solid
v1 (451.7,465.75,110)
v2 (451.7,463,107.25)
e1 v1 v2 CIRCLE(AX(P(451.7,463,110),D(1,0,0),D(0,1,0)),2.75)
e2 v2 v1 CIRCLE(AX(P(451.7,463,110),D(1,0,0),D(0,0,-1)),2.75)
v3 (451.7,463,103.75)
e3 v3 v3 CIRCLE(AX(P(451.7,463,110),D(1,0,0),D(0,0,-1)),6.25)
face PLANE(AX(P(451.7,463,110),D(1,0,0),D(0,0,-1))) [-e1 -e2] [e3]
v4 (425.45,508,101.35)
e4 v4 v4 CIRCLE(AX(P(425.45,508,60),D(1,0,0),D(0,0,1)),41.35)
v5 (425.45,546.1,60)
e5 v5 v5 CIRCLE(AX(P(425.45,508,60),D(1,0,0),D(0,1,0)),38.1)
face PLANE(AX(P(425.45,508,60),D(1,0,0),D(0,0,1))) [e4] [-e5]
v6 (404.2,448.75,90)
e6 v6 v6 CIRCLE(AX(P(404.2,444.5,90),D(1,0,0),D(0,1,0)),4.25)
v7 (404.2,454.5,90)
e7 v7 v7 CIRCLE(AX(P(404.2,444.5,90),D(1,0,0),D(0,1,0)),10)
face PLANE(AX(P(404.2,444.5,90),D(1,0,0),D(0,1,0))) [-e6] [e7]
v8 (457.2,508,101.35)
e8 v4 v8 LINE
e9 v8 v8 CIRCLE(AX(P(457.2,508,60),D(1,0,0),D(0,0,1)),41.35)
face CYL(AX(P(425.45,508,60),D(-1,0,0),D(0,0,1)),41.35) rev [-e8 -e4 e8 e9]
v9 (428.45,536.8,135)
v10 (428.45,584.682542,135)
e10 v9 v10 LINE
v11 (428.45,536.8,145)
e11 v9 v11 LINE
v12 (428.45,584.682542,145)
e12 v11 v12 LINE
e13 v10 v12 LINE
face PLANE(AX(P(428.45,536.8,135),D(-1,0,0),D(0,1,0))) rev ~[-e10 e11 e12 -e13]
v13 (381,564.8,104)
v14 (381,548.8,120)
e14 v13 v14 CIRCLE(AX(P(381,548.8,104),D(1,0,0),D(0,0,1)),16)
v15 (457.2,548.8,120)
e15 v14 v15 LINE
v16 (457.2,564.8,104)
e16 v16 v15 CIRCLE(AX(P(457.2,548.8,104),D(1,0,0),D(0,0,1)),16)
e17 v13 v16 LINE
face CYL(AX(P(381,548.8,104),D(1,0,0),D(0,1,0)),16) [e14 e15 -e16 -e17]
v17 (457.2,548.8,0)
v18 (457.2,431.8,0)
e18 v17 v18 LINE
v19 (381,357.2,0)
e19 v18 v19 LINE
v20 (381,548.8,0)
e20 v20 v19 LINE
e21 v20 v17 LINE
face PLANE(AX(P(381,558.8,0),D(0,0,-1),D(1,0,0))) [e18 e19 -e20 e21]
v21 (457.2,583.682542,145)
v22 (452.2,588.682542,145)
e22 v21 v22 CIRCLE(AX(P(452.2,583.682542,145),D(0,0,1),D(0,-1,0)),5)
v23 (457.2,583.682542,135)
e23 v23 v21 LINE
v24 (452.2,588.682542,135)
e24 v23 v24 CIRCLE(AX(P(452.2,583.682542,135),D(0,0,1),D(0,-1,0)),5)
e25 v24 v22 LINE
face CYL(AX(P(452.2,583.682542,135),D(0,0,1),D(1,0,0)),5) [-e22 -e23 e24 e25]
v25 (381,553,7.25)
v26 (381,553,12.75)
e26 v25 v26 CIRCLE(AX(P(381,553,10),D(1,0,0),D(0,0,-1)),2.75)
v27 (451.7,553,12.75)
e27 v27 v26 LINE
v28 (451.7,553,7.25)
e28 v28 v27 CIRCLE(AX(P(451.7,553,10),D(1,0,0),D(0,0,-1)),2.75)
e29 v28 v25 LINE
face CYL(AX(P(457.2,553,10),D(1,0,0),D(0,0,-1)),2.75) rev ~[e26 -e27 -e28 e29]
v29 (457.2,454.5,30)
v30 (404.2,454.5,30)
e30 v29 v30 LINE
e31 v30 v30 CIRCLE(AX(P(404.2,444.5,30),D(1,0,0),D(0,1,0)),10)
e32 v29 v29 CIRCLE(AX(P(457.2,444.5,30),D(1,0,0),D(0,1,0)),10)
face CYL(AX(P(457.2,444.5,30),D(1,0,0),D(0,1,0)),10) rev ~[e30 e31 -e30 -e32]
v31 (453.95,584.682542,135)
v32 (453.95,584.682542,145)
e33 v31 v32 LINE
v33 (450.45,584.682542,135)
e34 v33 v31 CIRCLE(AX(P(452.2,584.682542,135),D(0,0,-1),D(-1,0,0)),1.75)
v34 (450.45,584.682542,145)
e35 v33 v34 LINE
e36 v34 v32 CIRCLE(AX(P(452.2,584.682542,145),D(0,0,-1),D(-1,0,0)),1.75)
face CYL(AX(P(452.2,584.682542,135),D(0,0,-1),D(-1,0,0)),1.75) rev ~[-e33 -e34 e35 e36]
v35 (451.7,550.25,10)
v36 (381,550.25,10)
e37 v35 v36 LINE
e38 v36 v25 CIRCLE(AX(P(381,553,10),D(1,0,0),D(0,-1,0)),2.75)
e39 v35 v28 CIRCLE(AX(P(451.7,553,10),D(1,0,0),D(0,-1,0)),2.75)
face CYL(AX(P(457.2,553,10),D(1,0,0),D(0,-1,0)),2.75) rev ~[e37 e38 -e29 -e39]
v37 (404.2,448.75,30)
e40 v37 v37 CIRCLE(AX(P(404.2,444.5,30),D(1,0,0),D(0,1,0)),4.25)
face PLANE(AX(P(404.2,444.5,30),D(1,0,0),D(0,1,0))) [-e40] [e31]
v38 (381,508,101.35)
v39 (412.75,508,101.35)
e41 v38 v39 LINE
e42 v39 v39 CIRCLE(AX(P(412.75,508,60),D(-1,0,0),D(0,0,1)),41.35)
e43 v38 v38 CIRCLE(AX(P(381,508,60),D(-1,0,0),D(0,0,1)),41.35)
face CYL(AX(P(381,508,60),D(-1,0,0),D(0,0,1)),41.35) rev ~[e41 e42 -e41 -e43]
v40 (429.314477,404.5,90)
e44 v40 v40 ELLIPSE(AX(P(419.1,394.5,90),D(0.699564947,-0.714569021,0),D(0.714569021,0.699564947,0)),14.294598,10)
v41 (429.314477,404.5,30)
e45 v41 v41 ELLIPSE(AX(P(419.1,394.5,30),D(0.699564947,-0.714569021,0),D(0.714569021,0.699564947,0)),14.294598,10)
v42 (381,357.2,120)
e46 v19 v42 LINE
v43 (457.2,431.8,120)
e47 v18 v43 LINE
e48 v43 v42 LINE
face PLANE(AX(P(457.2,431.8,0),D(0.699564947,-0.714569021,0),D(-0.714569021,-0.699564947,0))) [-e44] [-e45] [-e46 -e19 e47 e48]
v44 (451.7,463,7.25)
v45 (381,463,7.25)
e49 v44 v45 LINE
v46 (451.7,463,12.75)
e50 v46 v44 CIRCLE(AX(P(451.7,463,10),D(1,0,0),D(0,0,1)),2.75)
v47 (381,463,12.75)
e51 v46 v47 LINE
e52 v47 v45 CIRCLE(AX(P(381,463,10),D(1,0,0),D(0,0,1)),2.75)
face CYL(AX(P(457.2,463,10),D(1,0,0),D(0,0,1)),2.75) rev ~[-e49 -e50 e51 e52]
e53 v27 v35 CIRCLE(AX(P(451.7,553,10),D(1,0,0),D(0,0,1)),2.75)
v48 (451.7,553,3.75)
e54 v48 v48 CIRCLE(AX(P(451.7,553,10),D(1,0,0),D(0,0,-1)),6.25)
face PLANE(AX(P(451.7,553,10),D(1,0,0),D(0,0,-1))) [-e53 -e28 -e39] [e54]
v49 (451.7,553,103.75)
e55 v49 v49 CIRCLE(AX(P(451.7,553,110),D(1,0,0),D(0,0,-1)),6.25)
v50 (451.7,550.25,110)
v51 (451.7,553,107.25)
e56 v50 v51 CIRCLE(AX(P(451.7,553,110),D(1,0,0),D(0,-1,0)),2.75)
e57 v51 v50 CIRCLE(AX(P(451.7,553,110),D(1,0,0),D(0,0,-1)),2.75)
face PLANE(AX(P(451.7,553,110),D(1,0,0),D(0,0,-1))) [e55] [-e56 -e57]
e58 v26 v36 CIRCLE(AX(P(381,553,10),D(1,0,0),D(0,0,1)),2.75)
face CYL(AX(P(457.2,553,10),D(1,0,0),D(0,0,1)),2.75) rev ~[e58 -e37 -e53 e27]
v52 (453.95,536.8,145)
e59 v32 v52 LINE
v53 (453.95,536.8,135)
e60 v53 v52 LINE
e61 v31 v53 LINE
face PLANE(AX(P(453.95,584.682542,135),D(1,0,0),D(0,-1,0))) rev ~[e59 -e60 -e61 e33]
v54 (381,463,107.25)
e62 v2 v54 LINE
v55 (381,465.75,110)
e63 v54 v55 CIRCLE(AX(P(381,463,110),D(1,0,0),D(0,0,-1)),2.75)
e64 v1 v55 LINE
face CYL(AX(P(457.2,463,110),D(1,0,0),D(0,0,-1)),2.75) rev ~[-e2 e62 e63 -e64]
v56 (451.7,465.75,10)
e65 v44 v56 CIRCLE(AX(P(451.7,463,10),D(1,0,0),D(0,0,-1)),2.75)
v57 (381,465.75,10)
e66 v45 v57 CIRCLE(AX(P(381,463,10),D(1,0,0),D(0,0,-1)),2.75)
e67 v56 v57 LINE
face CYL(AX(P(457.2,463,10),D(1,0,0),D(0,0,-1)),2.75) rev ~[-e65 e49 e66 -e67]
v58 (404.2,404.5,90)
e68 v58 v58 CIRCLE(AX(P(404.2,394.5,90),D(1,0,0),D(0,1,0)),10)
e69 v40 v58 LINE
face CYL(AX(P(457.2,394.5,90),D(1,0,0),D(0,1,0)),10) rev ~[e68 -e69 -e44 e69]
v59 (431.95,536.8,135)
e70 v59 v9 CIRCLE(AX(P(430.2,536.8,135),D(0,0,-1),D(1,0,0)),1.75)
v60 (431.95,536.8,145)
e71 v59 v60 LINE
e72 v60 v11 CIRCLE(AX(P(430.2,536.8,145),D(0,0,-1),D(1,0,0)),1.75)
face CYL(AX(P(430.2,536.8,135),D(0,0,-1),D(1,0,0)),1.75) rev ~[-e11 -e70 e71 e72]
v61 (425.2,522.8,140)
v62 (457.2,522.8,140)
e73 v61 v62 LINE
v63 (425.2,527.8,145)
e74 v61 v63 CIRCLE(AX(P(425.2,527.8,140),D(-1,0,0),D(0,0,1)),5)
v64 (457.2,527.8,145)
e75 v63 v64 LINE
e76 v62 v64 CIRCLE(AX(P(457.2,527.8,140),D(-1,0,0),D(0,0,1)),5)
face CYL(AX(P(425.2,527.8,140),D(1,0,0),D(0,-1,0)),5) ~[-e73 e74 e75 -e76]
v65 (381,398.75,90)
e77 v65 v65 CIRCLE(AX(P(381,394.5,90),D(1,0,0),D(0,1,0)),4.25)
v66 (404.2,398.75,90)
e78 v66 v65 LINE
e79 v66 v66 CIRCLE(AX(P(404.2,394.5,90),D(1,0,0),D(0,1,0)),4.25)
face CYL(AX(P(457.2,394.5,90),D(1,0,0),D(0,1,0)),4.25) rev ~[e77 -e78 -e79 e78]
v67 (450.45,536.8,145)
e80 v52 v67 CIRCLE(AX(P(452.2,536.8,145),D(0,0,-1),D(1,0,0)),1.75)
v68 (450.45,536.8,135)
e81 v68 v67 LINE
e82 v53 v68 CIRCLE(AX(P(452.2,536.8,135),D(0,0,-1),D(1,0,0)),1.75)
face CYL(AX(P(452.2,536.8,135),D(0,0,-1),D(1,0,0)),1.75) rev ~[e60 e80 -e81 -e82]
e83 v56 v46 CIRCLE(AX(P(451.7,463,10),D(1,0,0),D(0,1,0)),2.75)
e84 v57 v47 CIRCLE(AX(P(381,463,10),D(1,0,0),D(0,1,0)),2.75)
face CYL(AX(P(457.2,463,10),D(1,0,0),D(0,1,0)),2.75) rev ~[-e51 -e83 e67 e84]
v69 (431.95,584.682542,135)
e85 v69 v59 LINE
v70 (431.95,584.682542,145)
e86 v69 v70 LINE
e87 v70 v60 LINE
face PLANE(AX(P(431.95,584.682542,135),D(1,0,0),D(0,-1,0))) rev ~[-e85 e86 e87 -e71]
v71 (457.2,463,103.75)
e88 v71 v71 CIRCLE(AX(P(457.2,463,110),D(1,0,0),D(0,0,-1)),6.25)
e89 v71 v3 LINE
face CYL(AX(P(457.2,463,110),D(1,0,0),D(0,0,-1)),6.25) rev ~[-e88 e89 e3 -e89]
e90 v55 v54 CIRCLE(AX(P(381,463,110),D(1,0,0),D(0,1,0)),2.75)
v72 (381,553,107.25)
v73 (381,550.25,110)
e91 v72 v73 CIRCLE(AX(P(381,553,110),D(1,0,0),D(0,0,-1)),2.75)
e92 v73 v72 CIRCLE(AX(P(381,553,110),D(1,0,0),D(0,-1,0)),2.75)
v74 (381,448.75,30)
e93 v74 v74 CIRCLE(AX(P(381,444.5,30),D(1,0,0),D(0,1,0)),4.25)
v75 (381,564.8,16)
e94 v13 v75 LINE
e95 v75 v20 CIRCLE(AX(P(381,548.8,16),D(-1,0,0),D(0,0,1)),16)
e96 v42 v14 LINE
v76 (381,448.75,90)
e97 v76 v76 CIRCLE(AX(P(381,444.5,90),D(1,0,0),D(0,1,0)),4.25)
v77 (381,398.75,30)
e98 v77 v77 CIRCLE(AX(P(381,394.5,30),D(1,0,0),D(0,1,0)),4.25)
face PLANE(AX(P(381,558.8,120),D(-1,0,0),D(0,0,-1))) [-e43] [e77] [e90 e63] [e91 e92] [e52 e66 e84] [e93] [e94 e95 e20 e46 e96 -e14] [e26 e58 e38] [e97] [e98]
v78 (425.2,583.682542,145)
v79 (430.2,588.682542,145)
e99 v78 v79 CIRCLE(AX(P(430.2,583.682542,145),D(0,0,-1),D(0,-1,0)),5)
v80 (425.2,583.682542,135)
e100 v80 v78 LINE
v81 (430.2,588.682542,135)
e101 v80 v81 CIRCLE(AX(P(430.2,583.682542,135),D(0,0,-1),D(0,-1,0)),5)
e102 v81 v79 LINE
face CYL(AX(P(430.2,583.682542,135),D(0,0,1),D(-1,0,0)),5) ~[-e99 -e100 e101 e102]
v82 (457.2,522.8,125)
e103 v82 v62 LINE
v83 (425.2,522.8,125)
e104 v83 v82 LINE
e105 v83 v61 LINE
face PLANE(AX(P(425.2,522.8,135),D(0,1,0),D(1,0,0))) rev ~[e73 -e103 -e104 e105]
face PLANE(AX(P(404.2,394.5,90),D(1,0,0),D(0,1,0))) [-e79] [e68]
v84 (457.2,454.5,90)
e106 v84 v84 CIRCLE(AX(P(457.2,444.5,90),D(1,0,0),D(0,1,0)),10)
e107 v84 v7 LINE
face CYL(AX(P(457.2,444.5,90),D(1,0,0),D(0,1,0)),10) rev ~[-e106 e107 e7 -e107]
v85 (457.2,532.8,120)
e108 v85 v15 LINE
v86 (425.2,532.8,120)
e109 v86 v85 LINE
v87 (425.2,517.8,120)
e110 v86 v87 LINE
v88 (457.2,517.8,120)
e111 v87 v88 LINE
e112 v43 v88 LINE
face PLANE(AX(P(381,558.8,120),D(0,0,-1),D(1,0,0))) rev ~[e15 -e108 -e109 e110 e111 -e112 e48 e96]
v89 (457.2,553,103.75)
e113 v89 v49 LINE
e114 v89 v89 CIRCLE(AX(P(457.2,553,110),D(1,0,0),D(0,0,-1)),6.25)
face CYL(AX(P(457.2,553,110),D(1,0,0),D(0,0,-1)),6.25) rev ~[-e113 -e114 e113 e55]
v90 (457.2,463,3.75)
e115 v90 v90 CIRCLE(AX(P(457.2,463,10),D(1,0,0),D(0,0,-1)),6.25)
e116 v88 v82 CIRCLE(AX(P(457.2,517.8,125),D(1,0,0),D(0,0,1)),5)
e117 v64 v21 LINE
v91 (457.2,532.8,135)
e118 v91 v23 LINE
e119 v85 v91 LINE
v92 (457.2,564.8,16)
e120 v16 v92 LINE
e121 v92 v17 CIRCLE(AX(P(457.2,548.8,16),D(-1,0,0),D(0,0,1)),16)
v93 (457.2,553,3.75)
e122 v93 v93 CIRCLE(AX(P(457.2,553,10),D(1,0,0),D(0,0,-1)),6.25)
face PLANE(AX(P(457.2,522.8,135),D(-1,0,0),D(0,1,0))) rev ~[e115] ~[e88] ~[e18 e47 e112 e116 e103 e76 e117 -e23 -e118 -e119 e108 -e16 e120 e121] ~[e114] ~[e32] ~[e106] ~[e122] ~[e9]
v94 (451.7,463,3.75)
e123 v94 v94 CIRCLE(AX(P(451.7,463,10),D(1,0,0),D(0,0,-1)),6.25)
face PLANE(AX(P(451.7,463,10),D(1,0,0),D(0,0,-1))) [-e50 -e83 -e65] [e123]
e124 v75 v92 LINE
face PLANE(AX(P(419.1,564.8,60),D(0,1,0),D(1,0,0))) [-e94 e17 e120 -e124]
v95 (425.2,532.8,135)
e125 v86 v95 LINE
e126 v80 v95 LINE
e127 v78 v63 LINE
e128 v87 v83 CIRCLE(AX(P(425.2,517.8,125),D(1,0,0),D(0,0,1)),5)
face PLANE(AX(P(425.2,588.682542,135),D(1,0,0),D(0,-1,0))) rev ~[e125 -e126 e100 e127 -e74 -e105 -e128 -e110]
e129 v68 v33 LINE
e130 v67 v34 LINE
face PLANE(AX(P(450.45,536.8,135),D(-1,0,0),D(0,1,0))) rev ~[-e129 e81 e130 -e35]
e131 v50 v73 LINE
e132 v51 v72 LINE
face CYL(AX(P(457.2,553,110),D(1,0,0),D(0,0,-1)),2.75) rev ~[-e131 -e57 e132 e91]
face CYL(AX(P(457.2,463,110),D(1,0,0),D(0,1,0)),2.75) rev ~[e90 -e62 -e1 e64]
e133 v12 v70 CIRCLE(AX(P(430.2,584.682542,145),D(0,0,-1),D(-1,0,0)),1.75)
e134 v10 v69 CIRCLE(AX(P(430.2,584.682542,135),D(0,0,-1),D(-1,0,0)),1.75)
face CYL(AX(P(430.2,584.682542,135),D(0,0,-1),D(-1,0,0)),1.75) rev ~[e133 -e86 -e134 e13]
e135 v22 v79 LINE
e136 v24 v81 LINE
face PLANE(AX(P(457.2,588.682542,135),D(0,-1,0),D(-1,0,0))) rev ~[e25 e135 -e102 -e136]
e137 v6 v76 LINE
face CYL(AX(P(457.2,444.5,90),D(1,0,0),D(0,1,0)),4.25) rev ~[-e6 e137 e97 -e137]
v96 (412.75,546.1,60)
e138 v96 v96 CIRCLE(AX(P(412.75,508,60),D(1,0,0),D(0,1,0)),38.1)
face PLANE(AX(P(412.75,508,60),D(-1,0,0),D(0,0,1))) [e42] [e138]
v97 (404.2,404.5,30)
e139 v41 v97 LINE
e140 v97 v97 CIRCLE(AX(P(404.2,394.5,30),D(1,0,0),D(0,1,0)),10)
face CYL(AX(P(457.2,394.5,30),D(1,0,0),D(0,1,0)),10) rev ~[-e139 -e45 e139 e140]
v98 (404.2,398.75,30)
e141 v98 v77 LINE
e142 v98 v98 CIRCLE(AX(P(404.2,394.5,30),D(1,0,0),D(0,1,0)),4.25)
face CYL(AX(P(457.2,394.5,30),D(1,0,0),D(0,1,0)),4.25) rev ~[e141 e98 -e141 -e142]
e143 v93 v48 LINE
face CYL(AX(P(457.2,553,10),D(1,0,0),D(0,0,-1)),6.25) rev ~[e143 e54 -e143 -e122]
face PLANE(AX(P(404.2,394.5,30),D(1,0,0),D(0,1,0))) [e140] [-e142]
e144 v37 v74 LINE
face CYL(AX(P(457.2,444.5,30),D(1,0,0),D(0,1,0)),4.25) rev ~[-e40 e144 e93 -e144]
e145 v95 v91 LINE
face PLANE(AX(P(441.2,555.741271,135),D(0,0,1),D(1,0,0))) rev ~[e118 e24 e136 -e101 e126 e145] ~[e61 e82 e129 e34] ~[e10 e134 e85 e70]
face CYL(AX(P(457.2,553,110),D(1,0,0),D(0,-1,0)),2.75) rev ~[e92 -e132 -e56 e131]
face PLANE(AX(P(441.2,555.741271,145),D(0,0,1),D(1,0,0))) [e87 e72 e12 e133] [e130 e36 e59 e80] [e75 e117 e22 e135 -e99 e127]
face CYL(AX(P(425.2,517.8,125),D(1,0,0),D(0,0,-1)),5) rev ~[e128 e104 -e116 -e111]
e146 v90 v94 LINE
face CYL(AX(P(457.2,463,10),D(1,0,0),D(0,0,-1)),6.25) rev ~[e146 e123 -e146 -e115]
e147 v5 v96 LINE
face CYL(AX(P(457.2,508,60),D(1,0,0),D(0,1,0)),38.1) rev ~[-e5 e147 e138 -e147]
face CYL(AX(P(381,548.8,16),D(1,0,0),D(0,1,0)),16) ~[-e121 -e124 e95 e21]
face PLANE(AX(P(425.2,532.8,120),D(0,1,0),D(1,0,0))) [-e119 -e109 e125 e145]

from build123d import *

# Parameters (mm, degrees)
BOSS_EXTRUDE1_DEPTH = 120
SKETCH3_R           = 4.25
CUT_EXTRUDE1_DEPTH  = 120
SKETCH5_R           = 10
CUT_EXTRUDE2_DEPTH  = 53
SKETCH6_R           = 4.25
CUT_EXTRUDE3_DEPTH  = 103
SKETCH7_W           = 76.2
SKETCH7_H           = 120
BOSS_EXTRUDE2_DEPTH = 101.6
SKETCH8_R           = 41.35
CUT_EXTRUDE4_DEPTH  = 31.75
CUT_EXTRUDE5_START  = -31.75
SKETCH9_R           = 41.35
CUT_EXTRUDE5_DEPTH  = 31.75
SKETCH10_R          = 38.1
CUT_EXTRUDE6_DEPTH  = 76.2
SKETCH13_W          = 76.2
SKETCH13_H          = 120
BOSS_EXTRUDE3_DEPTH = 6
CUT_EXTRUDE7_DEPTH  = 84.4
SKETCH12_R          = 6.25
CUT_EXTRUDE8_DEPTH  = 5.5
FILLET1_R           = 16
SKETCH18_W          = 32
SKETCH18_H          = 10
BOSS_EXTRUDE6_DEPTH = 15
BOSS_EXTRUDE7_DEPTH = 10
FILLET3_R           = 5


with BuildPart() as part:
    # Sketch1 → Boss-Extrude1 (new body)
    with BuildSketch(Plane.XY):
        Polygon((381, 457.2), (457.2, 457.2), (457.2, 431.8), (381, 357.2), align=None)
    extrude(amount=BOSS_EXTRUDE1_DEPTH)

    # Sketch3 → Cut-Extrude1 (cut)
    with BuildSketch(Plane(origin=(457.2, 0, 0), x_dir=(0, 0, -1), z_dir=(1, 0, 0))):
        with Locations(Location((-90, 394.5, 0), (0, 0, 90))):
            Circle(SKETCH3_R)
        with Locations(Location((-30, 394.5, 0), (0, 0, 90))):
            Circle(SKETCH3_R)
    extrude(amount=-CUT_EXTRUDE1_DEPTH, mode=Mode.SUBTRACT)

    # Sketch5 → Cut-Extrude2 (cut)
    with BuildSketch(Plane(origin=(457.2, 0, 0), x_dir=(0, 0, -1), z_dir=(1, 0, 0))):
        with Locations(Location((-90, 394.5, 0), (0, 0, 90))):
            Circle(SKETCH5_R)
        with Locations(Location((-30, 394.5, 0), (0, 0, 90))):
            Circle(SKETCH5_R)
        with Locations(Location((-90, 444.5, 0), (0, 0, 90))):
            Circle(SKETCH5_R)
        with Locations(Location((-30, 444.5, 0), (0, 0, 90))):
            Circle(SKETCH5_R)
    extrude(amount=-CUT_EXTRUDE2_DEPTH, mode=Mode.SUBTRACT)

    # Sketch6 → Cut-Extrude3 (cut)
    with BuildSketch(Plane(origin=(457.2, 0, 0), x_dir=(0, 0, -1), z_dir=(1, 0, 0))):
        with Locations(Location((-90, 444.5, 0), (0, 0, 90))):
            Circle(SKETCH6_R)
        with Locations(Location((-30, 444.5, 0), (0, 0, 90))):
            Circle(SKETCH6_R)
    extrude(amount=-CUT_EXTRUDE3_DEPTH, mode=Mode.SUBTRACT)

    # Sketch7 → Boss-Extrude2 (add)
    with BuildSketch(Plane(origin=(0, 457.2, 0), x_dir=(1, 0, 0), z_dir=(0, 1, 0))):
        with Locations((419.1, -60)):
            Rectangle(SKETCH7_W, SKETCH7_H)
    extrude(amount=BOSS_EXTRUDE2_DEPTH)

    # Sketch8 → Cut-Extrude4 (cut)
    with BuildSketch(Plane.ZY.offset(-381)):
        with Locations((60, 508)):
            Circle(SKETCH8_R)
    extrude(amount=-CUT_EXTRUDE4_DEPTH, mode=Mode.SUBTRACT)

    # Sketch9 → Cut-Extrude5 (cut)
    with BuildSketch(Plane(origin=(457.2, 0, 0), x_dir=(0, 0, -1), z_dir=(1, 0, 0)).offset(CUT_EXTRUDE5_START)):
        with Locations(Location((-60, 508, 0), (0, 0, 180))):
            Circle(SKETCH9_R)
    extrude(amount=CUT_EXTRUDE5_DEPTH, mode=Mode.SUBTRACT)

    # Sketch10 → Cut-Extrude6 (cut)
    with BuildSketch(Plane(origin=(457.2, 0, 0), x_dir=(0, 0, -1), z_dir=(1, 0, 0))):
        with Locations(Location((-60, 508, 0), (0, 0, 90))):
            Circle(SKETCH10_R)
    extrude(amount=-CUT_EXTRUDE6_DEPTH, mode=Mode.SUBTRACT)

    # Sketch13 → Boss-Extrude3 (add)
    with BuildSketch(Plane(origin=(0, 558.8, 0), x_dir=(1, 0, 0), z_dir=(0, 1, 0))):
        with Locations((419.1, -60)):
            Rectangle(SKETCH13_W, SKETCH13_H)
    extrude(amount=BOSS_EXTRUDE3_DEPTH)

    # Sketch11 → Cut-Extrude7 (cut)
    with BuildSketch(Plane(origin=(457.2, 0, 0), x_dir=(0, 0, -1), z_dir=(1, 0, 0))):
        with BuildLine():
            Line((-110, 550.25), (-110, 553))
            Line((-110, 553), (-107.25, 553))
            ThreePointArc((-107.25, 553), (-111.944543648, 554.944543648), (-110, 550.25))
        make_face()
        with BuildLine():
            Line((-107.25, 553), (-110, 553))
            Line((-110, 553), (-110, 550.25))
            ThreePointArc((-110, 550.25), (-108.055456352, 551.055456352), (-107.25, 553))
        make_face()
        with BuildLine():
            ThreePointArc((-7.25, 553), (-10, 555.75), (-12.75, 553))
            Line((-12.75, 553), (-10, 553))
            Line((-10, 553), (-10, 550.25))
            ThreePointArc((-10, 550.25), (-8.055456352, 551.055456352), (-7.25, 553))
        make_face()
        with BuildLine():
            Line((-10, 553), (-12.75, 553))
            ThreePointArc((-12.75, 553), (-11.944543648, 551.055456352), (-10, 550.25))
            Line((-10, 550.25), (-10, 553))
        make_face()
        with BuildLine():
            ThreePointArc((-7.25, 463), (-8.055456352, 464.944543648), (-10, 465.75))
            Line((-10, 465.75), (-10, 463))
            Line((-10, 463), (-12.75, 463))
            ThreePointArc((-12.75, 463), (-10, 460.25), (-7.25, 463))
        make_face()
        with BuildLine():
            Line((-10, 463), (-10, 465.75))
            ThreePointArc((-10, 465.75), (-11.944543648, 464.944543648), (-12.75, 463))
            Line((-12.75, 463), (-10, 463))
        make_face()
        with BuildLine():
            ThreePointArc((-107.25, 463), (-108.055456352, 464.944543648), (-110, 465.75))
            Line((-110, 465.75), (-110, 463))
            Line((-110, 463), (-107.25, 463))
        make_face()
        with BuildLine():
            Line((-110, 463), (-110, 465.75))
            ThreePointArc((-110, 465.75), (-111.944543648, 461.055456352), (-107.25, 463))
            Line((-107.25, 463), (-110, 463))
        make_face()
    extrude(amount=-CUT_EXTRUDE7_DEPTH, mode=Mode.SUBTRACT)

    # Sketch12 → Cut-Extrude8 (cut)
    with BuildSketch(Plane(origin=(457.2, 0, 0), x_dir=(0, 0, -1), z_dir=(1, 0, 0))):
        with Locations((-110, 553)):
            Circle(SKETCH12_R)
        with Locations((-10, 553)):
            Circle(SKETCH12_R)
        with Locations((-10, 463)):
            Circle(SKETCH12_R)
        with Locations((-110, 463)):
            Circle(SKETCH12_R)
    extrude(amount=-CUT_EXTRUDE8_DEPTH, mode=Mode.SUBTRACT)

    # Fillet1
    fillet1_edges = [part.edges().sort_by_distance(p)[0] for p in [
        (419.1, 564.8, 120),
        (419.1, 564.8, 0),
    ]]
    fillet(fillet1_edges, radius=FILLET1_R)

    # Sketch18 → Boss-Extrude6 (add)
    with BuildSketch(Plane.XY.offset(120)):
        with Locations((441.2, 527.8)):
            Rectangle(SKETCH18_W, SKETCH18_H)
    extrude(amount=BOSS_EXTRUDE6_DEPTH)

    # Sketch20 → Boss-Extrude7 (add)
    with BuildSketch(Plane.XY.offset(135)):
        Polygon((425.2, 588.682542047), (425.2, 532.8), (425.2, 522.8), (457.2, 522.8), (457.2, 536.682542047), (457.2, 588.682542047), align=None)
        with BuildLine():
            ThreePointArc((428.45, 584.682542047), (430.2, 586.432542047), (431.95, 584.682542047))
            Line((431.95, 584.682542047), (431.95, 536.8))
            ThreePointArc((431.95, 536.8), (430.2, 535.05), (428.45, 536.8))
            Line((428.45, 536.8), (428.45, 584.682542047))
        make_face(mode=Mode.SUBTRACT)
        with BuildLine():
            Line((450.45, 536.8), (450.45, 584.682542047))
            ThreePointArc((450.45, 584.682542047), (452.2, 586.432542047), (453.95, 584.682542047))
            Line((453.95, 584.682542047), (453.95, 536.8))
            ThreePointArc((453.95, 536.8), (452.2, 535.05), (450.45, 536.8))
        make_face(mode=Mode.SUBTRACT)
    extrude(amount=BOSS_EXTRUDE7_DEPTH)

    # Fillet3
    fillet3_edges = [part.edges().sort_by_distance(p)[0] for p in [
        (441.2, 522.8, 120),
        (425.2, 588.682542047, 140),
        (457.2, 588.682542047, 140),
        (441.2, 522.8, 145),
    ]]
    fillet(fillet3_edges, radius=FILLET3_R)


solid = part.part
